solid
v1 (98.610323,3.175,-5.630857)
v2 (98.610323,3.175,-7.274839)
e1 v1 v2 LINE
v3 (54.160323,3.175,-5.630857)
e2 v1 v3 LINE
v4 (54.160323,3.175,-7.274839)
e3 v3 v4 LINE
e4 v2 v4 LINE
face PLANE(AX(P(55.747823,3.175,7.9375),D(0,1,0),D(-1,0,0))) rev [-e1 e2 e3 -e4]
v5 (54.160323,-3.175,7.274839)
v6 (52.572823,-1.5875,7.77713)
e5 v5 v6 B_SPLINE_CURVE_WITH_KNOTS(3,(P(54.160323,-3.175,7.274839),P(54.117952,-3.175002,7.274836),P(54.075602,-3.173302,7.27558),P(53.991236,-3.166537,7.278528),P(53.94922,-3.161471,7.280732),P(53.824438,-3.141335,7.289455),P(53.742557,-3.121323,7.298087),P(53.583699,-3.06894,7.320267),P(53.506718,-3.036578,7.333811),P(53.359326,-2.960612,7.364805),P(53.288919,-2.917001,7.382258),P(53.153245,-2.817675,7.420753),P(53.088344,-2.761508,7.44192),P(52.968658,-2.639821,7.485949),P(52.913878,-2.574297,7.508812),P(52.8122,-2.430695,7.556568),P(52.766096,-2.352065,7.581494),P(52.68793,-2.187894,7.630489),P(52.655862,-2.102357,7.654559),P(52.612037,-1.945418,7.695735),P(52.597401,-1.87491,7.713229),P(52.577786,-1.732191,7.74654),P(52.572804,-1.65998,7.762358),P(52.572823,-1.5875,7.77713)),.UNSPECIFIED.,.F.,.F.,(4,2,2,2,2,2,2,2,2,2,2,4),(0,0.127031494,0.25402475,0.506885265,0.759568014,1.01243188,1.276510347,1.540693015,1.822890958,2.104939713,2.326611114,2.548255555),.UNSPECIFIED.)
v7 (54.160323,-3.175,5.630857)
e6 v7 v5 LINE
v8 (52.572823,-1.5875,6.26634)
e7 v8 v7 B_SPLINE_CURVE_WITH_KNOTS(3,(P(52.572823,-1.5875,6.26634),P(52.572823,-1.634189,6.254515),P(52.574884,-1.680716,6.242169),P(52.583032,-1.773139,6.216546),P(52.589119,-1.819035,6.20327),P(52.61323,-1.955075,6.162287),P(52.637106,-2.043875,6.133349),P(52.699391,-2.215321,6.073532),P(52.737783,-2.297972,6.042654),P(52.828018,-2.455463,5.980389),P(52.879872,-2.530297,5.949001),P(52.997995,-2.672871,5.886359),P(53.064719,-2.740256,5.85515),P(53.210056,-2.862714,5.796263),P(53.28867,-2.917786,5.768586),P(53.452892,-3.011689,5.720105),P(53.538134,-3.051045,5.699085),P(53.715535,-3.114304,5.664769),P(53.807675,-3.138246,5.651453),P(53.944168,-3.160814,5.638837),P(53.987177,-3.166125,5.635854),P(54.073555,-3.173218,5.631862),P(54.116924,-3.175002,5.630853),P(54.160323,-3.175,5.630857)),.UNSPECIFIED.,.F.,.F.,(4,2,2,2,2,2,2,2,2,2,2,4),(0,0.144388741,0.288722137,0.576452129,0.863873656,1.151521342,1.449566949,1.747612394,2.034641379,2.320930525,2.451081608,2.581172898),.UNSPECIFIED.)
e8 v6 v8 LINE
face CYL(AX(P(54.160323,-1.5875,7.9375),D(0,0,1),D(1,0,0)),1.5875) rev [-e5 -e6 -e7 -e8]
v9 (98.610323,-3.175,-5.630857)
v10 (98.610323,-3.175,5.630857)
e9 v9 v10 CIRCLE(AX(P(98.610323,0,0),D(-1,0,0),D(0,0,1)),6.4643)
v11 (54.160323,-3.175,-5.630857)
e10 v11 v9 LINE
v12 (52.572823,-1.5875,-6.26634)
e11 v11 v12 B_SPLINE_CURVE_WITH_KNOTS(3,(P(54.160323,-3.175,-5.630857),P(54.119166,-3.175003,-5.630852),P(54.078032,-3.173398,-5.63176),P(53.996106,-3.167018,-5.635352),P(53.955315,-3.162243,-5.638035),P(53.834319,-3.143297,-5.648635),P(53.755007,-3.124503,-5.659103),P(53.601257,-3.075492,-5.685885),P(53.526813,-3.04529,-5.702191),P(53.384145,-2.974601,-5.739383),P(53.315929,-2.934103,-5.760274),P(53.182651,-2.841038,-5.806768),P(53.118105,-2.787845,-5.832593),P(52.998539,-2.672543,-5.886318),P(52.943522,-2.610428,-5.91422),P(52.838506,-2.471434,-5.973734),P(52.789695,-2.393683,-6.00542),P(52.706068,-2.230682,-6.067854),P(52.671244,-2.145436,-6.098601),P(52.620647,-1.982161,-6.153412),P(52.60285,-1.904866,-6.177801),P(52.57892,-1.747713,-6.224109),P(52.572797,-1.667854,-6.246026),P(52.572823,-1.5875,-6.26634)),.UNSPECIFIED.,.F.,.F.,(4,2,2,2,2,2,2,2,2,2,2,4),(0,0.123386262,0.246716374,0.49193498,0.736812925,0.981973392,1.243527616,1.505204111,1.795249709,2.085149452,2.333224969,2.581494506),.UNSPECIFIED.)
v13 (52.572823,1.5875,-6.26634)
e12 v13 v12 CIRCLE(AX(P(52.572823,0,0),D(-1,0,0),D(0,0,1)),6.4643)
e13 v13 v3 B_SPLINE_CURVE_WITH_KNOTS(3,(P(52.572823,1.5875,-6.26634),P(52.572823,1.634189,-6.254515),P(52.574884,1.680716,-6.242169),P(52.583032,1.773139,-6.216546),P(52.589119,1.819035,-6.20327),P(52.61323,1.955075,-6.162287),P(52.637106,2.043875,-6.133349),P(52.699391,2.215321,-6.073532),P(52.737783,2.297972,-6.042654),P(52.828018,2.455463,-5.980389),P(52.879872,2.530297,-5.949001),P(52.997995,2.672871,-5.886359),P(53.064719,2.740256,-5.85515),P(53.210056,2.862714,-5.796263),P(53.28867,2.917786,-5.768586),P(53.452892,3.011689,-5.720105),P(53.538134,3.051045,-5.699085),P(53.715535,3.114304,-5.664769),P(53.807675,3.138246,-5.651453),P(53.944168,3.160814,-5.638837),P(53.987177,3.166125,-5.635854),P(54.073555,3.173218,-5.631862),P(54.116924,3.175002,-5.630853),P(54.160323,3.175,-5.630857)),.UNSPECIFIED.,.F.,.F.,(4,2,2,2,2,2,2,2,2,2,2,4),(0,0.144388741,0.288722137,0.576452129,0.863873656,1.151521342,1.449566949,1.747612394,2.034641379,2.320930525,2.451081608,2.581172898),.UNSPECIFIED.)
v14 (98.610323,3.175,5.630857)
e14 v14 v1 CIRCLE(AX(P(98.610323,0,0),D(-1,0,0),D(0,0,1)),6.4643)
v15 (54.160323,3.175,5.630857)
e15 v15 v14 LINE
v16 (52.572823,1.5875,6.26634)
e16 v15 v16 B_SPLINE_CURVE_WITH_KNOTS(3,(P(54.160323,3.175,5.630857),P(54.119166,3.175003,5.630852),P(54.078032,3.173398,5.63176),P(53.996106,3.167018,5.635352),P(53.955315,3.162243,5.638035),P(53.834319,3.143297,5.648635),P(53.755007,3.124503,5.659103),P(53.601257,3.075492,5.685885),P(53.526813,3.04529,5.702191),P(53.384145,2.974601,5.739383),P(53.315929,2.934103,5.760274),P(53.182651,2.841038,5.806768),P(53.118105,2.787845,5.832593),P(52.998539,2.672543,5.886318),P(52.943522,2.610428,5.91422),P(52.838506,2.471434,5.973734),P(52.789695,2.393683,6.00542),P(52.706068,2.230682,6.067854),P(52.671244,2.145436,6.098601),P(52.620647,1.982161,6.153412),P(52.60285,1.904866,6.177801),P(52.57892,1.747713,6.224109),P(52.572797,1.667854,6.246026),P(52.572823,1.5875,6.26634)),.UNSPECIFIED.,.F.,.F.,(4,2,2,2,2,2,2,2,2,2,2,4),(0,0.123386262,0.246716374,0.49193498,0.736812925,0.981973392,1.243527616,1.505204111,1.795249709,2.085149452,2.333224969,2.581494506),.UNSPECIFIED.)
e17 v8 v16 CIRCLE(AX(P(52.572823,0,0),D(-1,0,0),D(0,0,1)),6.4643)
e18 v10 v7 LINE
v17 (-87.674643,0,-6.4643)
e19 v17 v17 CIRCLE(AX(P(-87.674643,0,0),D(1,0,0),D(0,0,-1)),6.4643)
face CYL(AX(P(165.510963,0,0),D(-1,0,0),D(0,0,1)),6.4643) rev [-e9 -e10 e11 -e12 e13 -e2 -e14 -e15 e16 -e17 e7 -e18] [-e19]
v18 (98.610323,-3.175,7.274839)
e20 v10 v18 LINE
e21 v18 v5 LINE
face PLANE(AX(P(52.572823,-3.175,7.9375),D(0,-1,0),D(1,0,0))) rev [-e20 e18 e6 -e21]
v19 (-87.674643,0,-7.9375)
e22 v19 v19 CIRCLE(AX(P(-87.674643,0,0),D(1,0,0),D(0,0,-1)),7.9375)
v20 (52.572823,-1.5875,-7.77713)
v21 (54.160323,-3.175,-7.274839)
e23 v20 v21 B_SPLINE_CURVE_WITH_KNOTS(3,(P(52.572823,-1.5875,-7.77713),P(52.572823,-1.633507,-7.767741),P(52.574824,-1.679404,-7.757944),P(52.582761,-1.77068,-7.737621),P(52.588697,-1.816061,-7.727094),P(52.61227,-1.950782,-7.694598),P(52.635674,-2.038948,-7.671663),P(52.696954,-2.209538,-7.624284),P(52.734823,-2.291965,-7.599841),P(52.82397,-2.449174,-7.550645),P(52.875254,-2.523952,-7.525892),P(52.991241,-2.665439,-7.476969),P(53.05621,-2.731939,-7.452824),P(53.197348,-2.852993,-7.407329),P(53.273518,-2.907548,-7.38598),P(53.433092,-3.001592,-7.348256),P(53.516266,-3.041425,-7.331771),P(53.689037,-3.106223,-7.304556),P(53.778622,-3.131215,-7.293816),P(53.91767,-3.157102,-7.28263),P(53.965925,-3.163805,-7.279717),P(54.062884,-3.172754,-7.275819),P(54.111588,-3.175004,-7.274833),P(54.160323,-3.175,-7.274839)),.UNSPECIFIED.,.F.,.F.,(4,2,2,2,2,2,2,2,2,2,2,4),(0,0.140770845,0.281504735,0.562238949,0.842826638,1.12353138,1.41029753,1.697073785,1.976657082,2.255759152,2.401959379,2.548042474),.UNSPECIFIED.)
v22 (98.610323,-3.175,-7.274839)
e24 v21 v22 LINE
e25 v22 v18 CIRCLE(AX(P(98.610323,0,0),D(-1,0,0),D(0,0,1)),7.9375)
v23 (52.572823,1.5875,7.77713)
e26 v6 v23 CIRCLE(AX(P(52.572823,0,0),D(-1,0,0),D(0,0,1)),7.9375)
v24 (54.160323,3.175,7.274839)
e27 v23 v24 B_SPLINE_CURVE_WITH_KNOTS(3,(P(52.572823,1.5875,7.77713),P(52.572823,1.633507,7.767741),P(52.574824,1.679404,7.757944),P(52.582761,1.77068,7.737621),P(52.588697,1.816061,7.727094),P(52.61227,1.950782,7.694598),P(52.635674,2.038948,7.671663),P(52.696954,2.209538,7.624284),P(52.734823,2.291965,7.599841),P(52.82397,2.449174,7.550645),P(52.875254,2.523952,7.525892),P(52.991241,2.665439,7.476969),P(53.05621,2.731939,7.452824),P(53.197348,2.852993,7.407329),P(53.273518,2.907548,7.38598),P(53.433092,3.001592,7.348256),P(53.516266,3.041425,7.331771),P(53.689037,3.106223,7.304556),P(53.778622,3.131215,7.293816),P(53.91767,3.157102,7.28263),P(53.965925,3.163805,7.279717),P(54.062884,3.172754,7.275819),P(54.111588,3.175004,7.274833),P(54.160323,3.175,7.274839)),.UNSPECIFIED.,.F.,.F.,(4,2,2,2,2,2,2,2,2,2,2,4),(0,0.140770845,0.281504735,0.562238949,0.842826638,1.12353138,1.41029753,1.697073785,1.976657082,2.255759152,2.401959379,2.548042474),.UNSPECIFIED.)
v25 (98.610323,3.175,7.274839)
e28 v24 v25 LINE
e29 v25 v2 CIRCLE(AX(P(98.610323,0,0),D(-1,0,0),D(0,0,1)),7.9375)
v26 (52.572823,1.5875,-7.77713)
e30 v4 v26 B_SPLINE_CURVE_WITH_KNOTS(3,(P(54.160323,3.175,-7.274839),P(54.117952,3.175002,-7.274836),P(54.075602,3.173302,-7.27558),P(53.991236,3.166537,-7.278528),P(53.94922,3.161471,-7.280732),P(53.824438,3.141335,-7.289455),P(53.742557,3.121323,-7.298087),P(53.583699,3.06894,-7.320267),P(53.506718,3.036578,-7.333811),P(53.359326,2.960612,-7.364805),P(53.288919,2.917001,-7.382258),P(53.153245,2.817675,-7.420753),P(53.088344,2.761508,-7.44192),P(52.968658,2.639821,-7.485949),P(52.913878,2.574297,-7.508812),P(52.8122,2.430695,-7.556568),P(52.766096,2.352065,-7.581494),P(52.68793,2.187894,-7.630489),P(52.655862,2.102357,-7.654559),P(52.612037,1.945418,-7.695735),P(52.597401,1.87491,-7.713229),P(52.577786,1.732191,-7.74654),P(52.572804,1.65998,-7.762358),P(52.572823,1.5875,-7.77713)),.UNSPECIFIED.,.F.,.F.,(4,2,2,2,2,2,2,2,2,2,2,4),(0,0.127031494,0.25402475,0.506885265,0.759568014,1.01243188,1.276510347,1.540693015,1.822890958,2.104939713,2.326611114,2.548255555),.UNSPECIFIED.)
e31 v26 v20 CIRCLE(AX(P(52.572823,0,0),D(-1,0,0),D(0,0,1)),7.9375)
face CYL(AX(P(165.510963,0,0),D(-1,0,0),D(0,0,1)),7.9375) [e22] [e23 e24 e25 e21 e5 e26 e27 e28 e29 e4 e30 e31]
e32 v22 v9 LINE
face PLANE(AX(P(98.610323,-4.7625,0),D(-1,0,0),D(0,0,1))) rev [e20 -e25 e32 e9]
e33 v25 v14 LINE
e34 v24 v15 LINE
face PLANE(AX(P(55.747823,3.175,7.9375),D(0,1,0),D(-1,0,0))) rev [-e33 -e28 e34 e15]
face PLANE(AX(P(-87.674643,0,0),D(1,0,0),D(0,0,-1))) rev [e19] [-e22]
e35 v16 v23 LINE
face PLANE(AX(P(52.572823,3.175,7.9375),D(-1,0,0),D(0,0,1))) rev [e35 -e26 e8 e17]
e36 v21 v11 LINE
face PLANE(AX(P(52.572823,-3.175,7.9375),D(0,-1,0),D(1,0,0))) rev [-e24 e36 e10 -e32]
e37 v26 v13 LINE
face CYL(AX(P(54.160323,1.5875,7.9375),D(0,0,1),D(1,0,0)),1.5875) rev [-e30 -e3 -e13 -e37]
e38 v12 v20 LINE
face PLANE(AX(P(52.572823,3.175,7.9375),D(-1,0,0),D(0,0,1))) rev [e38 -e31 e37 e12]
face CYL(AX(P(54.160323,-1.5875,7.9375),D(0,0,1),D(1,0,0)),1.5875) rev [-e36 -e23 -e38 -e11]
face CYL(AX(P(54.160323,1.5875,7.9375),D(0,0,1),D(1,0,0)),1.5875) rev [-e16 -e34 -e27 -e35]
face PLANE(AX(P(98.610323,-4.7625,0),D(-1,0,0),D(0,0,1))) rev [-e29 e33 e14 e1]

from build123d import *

# Parameters (mm, degrees)
BOSS_EXTRUDE1_DEPTH      = 98.610323
BOSS_EXTRUDE1_DEPTH_BACK = 87.674643
SKETCH1_R                = 7.9375
SKETCH1_R_2              = 6.4643
CUT_EXTRUDE1_DEPTH       = 101.194886763
FILLET1_R                = 1.5875


with BuildPart() as part:
    # Sketch1 → Boss-Extrude1 (new, two sides: drawn at the far end of the back side and taken through both)
    with BuildSketch(Plane(origin=(0, 0, 0), x_dir=(0, 0, -1), z_dir=(1, 0, 0)).offset(-BOSS_EXTRUDE1_DEPTH_BACK)):
        with Locations(Location((0, 0, 0), (0, 0, 180))):
            Circle(SKETCH1_R)
        with Locations(Location((0, 0, 0), (0, 0, 180))):
            Circle(SKETCH1_R_2, mode=Mode.SUBTRACT)
    extrude(amount=BOSS_EXTRUDE1_DEPTH + BOSS_EXTRUDE1_DEPTH_BACK)

    # Sketch2 → Cut-Extrude1 (cut, through all)
    with BuildSketch(Plane(origin=(0, 0, -7.9375), x_dir=(-1, 0, 0), z_dir=(0, 0, -1))):
        Polygon((-55.74782316, -3.175), (-54.16032316, -3.175), (-52.57282316, -3.175), (-52.57282316, 3.175), (-54.16032316, 3.175), (-55.74782316, 3.175), (-106.86532316, 3.175), (-106.86532316, -3.175), align=None)
    extrude(amount=-CUT_EXTRUDE1_DEPTH, mode=Mode.SUBTRACT)

    # Fillet1
    fillet1_edges = [part.edges().sort_by_distance(p)[0] for p in [
        (52.57282316, 3.175, -6.452847911),
        (52.57282316, 3.175, 6.452847911),
        (52.57282316, -3.175, -6.452847911),
        (52.57282316, -3.175, 6.452847911),
    ]]
    fillet(fillet1_edges, radius=FILLET1_R)


solid = part.part
